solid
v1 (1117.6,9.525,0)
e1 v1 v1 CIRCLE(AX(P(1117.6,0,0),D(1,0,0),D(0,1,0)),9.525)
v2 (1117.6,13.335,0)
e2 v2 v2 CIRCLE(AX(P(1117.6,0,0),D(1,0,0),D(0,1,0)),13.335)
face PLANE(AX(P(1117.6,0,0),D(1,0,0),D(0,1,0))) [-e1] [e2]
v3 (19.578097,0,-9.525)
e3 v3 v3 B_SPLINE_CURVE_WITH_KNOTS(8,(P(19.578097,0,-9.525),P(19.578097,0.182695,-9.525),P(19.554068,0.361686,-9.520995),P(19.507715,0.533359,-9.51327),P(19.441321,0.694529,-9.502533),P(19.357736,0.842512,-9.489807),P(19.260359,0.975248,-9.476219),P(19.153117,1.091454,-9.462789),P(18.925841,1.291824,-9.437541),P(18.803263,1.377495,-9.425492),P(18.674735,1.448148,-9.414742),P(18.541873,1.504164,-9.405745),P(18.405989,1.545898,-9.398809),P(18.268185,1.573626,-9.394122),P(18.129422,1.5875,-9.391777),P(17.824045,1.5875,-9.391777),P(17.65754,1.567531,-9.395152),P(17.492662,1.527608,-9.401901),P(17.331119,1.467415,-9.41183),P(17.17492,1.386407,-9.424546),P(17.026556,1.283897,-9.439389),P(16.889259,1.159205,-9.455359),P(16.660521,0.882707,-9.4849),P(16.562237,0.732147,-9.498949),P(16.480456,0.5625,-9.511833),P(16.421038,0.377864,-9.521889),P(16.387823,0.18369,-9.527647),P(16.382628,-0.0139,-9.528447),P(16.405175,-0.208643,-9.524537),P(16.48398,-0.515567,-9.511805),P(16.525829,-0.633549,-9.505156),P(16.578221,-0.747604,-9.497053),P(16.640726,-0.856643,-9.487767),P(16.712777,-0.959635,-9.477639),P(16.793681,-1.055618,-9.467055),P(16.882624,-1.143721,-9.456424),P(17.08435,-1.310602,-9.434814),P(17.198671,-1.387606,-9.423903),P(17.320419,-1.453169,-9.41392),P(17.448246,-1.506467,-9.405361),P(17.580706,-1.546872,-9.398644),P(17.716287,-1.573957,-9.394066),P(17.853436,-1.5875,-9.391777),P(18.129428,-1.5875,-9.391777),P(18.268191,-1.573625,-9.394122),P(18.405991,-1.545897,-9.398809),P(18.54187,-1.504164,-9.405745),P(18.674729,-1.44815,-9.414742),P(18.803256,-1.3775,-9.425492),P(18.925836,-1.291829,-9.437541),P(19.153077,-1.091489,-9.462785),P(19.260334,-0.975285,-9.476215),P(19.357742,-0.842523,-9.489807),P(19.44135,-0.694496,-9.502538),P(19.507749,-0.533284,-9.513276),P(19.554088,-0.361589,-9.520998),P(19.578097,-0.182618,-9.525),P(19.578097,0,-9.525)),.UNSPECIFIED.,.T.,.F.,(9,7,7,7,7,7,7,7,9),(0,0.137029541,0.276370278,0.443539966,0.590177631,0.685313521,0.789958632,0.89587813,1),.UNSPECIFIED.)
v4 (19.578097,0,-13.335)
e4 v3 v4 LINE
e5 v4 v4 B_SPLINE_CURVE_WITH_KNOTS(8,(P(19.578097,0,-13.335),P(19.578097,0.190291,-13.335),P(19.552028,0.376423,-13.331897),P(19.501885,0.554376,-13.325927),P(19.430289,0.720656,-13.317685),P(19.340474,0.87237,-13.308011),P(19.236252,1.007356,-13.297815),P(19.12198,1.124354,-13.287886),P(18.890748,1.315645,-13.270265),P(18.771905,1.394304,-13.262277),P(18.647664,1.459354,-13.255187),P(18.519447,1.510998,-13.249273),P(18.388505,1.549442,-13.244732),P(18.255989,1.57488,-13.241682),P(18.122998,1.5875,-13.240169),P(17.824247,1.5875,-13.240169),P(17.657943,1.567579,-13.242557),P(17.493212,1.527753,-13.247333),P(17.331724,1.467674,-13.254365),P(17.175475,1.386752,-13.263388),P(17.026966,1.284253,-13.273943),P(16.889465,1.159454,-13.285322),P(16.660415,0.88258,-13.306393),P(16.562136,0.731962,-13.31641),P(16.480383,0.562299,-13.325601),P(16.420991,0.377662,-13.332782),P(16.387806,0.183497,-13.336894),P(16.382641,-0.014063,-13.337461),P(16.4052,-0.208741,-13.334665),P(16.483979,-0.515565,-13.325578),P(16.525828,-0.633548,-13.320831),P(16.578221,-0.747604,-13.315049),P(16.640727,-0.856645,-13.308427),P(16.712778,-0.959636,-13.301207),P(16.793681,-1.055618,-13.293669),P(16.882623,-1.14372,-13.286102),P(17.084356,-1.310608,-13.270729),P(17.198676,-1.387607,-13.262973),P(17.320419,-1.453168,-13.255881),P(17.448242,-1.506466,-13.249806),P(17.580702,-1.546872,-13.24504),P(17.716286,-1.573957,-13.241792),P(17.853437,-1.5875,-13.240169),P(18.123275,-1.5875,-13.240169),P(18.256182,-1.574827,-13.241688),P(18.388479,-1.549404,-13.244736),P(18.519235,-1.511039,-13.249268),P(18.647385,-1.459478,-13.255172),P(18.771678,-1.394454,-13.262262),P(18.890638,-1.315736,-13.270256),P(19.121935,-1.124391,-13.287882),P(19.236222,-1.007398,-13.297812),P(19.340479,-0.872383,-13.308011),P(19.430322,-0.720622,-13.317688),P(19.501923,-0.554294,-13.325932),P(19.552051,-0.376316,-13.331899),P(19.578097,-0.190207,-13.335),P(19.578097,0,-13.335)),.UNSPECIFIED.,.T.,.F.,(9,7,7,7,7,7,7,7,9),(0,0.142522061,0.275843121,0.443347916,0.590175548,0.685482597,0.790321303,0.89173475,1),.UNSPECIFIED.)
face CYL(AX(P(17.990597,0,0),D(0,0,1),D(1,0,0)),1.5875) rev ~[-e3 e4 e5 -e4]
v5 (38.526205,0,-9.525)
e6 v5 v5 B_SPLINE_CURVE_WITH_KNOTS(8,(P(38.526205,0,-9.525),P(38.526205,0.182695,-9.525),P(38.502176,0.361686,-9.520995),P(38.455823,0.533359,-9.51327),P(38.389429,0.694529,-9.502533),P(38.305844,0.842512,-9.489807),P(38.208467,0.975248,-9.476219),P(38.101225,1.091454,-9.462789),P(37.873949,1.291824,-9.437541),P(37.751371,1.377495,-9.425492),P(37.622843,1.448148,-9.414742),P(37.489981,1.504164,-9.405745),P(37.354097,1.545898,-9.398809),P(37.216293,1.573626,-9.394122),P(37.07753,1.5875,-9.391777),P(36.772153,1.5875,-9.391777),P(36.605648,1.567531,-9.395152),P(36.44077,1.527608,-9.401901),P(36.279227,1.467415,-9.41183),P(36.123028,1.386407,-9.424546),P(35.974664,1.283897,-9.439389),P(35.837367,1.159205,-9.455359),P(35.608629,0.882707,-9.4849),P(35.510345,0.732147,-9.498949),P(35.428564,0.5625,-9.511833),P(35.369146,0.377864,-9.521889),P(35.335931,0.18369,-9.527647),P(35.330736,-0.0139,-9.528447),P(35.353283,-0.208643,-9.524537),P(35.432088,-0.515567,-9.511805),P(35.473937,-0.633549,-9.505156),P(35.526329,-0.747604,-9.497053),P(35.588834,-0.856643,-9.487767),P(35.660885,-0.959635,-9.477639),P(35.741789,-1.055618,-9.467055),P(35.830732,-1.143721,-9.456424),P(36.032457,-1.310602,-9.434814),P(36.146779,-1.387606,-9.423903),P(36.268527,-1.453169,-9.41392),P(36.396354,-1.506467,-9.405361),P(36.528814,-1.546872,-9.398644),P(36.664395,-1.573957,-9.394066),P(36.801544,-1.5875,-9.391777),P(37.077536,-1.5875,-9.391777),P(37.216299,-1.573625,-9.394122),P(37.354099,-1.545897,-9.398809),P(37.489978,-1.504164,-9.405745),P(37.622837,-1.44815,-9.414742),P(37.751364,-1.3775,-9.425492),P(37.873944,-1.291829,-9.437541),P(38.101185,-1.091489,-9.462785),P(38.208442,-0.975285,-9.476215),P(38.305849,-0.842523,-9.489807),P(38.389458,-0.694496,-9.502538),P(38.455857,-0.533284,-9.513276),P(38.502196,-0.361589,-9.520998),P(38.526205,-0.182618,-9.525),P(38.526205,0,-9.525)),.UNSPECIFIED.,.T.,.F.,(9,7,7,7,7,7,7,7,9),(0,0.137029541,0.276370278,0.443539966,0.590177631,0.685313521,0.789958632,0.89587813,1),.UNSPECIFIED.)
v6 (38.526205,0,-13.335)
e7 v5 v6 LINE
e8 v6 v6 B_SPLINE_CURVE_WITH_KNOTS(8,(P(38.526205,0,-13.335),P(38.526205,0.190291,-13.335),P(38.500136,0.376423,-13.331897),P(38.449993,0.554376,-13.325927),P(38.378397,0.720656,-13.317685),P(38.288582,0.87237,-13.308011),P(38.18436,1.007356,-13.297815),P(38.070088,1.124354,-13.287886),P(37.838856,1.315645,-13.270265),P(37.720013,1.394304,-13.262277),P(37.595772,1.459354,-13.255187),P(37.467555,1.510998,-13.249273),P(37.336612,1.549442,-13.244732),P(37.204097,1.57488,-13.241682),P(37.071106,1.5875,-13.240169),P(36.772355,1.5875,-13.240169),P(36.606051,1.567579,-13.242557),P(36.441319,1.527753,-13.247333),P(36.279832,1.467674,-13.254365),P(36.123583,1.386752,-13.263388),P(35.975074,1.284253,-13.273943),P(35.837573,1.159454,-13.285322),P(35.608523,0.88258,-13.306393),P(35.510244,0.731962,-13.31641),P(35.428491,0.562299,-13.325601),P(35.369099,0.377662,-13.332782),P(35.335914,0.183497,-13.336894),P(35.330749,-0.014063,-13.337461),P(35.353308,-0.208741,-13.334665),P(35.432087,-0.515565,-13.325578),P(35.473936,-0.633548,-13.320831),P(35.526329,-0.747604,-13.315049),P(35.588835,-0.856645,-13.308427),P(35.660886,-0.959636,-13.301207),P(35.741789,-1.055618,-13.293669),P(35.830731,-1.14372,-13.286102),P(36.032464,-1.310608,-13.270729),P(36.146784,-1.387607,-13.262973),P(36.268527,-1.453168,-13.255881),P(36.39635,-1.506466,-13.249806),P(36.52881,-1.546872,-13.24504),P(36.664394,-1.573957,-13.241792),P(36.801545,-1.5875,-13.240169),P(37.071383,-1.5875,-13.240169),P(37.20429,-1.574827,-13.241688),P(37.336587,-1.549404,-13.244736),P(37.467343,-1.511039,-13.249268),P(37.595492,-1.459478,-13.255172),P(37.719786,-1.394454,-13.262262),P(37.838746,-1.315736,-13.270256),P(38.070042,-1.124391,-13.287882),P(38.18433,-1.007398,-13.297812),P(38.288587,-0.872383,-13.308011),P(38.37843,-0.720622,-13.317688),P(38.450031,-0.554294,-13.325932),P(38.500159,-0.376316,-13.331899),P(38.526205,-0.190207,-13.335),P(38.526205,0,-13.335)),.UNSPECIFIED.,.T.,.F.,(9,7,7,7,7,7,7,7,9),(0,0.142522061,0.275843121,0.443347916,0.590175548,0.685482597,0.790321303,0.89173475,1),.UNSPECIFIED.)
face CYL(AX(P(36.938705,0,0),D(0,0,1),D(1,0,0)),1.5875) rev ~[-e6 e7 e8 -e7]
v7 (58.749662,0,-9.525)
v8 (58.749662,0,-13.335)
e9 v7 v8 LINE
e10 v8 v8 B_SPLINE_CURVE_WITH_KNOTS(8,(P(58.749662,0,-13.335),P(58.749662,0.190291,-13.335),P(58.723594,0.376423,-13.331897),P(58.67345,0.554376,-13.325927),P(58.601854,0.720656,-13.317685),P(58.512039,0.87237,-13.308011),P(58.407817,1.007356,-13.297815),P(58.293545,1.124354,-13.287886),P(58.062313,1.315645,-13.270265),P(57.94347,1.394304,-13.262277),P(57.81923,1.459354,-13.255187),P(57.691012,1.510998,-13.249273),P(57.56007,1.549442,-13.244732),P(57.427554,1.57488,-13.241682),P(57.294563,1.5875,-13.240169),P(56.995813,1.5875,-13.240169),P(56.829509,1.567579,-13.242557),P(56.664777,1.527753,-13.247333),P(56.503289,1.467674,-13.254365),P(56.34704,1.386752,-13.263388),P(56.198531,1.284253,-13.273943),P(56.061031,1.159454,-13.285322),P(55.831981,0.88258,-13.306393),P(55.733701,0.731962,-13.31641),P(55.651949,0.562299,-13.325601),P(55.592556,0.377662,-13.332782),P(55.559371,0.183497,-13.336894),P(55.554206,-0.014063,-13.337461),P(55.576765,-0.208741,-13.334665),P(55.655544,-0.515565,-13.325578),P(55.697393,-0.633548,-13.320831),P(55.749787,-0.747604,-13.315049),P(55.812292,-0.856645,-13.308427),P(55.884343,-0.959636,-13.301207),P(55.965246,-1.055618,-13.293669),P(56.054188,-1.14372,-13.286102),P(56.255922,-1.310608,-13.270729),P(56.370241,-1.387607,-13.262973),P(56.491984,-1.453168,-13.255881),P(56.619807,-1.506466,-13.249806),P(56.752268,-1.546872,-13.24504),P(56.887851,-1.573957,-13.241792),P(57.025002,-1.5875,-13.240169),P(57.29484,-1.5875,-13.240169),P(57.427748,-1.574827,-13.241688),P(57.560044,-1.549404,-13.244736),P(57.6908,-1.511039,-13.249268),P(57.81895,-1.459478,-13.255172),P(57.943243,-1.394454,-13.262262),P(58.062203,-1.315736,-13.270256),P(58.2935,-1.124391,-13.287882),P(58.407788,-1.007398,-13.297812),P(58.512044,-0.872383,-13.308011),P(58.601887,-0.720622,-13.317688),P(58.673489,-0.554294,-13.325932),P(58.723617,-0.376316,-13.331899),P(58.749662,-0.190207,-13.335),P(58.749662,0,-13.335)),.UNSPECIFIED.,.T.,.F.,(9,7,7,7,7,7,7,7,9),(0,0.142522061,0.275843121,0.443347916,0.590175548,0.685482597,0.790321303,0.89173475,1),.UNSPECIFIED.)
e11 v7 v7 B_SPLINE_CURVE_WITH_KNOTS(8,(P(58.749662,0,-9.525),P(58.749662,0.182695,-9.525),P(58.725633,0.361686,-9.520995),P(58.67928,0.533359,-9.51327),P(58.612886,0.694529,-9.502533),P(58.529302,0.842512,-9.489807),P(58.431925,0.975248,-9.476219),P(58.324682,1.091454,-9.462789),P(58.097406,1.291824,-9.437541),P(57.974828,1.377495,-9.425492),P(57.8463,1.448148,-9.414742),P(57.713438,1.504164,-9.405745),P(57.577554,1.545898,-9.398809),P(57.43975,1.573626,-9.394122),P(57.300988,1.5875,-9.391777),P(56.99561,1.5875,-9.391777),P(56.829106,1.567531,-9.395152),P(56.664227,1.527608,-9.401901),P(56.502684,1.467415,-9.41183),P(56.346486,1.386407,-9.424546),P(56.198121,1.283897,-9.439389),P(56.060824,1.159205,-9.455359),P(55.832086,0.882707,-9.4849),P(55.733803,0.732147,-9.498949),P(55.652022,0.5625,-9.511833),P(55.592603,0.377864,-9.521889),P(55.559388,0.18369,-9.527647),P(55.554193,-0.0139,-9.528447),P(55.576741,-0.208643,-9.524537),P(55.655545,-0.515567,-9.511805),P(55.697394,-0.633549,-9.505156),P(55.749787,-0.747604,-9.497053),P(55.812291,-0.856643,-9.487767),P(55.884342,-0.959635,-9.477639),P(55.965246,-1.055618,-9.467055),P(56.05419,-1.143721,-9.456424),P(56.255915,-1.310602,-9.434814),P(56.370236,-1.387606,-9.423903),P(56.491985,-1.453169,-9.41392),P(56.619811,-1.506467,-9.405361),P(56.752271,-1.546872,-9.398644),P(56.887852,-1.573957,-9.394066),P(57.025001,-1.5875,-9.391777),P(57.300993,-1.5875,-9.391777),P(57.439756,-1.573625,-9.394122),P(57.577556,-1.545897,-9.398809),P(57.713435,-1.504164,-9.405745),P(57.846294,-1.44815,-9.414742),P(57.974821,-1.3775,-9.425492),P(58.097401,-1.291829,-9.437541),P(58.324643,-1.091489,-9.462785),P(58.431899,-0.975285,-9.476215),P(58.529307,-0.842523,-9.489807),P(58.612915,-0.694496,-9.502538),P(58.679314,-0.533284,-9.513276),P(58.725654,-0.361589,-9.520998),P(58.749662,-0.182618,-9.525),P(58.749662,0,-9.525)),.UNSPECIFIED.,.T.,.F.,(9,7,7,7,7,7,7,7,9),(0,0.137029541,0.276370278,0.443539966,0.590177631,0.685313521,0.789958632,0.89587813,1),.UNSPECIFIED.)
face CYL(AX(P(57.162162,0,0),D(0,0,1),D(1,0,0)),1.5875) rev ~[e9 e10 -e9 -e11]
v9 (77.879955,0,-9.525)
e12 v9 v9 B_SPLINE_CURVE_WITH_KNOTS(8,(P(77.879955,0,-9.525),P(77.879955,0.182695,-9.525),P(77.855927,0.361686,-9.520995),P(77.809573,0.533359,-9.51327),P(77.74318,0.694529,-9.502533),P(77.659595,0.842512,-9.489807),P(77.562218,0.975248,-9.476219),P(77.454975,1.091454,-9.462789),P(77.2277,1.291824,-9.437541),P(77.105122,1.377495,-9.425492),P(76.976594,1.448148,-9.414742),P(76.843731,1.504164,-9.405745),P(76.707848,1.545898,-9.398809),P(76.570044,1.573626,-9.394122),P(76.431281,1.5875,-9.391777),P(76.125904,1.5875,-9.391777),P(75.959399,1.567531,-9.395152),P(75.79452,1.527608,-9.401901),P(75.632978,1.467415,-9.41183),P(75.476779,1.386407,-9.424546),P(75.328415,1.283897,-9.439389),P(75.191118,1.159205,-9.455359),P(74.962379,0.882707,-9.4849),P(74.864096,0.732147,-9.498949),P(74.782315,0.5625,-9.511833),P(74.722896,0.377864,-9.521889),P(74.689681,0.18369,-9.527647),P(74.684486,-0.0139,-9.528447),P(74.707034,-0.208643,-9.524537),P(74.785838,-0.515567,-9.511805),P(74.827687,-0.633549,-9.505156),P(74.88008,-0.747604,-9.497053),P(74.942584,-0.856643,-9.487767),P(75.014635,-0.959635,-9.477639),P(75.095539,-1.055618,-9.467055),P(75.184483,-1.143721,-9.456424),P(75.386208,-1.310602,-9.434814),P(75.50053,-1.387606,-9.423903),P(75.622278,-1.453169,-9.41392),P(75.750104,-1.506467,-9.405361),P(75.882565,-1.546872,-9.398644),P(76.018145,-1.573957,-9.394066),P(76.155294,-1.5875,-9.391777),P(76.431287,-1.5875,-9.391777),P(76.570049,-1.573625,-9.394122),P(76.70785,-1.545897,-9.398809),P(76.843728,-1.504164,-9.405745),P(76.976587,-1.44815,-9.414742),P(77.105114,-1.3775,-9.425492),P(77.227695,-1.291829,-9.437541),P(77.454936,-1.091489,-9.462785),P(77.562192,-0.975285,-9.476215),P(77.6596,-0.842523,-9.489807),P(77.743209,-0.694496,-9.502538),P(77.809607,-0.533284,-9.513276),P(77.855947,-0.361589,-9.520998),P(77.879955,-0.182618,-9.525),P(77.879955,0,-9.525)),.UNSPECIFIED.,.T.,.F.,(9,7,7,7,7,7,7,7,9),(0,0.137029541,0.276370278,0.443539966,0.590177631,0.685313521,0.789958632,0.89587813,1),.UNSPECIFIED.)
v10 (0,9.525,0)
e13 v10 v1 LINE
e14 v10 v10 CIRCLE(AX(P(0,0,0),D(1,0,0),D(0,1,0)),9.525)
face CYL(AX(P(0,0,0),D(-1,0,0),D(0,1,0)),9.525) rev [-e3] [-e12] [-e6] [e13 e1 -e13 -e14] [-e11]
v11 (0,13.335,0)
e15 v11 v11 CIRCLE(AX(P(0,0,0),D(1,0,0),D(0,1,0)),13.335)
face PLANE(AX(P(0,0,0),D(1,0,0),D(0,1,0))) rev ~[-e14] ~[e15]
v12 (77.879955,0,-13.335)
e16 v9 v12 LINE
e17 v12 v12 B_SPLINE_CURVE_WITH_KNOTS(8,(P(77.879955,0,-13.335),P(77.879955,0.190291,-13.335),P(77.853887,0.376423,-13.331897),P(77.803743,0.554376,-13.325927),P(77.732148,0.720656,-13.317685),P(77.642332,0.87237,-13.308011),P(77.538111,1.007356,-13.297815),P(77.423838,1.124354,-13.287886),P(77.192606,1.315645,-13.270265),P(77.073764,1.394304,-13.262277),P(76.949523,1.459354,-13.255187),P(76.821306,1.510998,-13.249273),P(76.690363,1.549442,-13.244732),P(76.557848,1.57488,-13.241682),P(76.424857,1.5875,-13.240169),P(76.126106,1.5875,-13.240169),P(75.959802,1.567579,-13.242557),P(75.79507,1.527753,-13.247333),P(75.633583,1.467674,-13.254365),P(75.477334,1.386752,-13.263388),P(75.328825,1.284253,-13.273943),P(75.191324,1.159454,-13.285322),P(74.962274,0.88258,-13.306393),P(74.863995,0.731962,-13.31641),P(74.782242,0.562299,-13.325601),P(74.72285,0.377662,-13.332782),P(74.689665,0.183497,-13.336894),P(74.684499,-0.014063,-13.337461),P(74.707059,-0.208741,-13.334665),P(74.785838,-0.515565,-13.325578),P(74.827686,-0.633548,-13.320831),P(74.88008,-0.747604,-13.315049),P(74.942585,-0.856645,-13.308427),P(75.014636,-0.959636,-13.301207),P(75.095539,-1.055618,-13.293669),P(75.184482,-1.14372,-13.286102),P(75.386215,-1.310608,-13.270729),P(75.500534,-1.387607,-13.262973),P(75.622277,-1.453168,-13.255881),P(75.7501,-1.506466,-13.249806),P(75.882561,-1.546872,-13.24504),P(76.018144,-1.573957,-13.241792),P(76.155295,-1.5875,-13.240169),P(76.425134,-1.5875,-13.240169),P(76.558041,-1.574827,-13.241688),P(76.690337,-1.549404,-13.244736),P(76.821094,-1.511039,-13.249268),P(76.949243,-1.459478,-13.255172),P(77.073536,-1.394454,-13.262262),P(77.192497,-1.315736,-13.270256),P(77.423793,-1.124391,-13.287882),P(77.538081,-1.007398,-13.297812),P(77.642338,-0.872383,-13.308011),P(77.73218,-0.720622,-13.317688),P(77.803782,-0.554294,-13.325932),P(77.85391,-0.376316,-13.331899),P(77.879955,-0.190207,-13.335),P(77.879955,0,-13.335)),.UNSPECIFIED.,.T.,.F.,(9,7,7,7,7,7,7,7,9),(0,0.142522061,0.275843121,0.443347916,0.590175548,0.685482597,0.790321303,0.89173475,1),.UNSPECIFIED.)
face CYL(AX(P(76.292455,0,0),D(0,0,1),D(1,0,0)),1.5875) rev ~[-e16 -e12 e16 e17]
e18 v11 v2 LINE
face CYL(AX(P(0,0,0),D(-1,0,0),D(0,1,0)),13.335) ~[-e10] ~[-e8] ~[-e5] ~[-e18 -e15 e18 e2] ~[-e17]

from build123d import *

# Parameters (mm, degrees)
F0_R     = 13.335
F0_R_2   = 9.525
F1_DEPTH = 1117.6
F3_D     = 3.175
F3_DEPTH = 25.4
F3_TIP   = 0.9538662327
F4_D     = 3.175
F4_DEPTH = 25.4
F4_TIP   = 0.9538662327
F5_D     = 3.175
F5_DEPTH = 25.4
F5_TIP   = 0.9538662327
F6_D     = 3.175
F6_DEPTH = 25.4
F6_TIP   = 0.9538662327


with BuildPart() as f1:
    # F0 (on Right) → F1 (new body)
    with BuildSketch(Plane.YZ):
        Circle(F0_R)
        Circle(F0_R_2, mode=Mode.SUBTRACT)
    extrude(amount=F1_DEPTH)

    # F3 (one way)
    with BuildSketch(Plane.XY):
        with Locations((17.9905965924, 0)):
            Circle(F3_D / 2)
    extrude(amount=-F3_DEPTH, mode=Mode.SUBTRACT)
    with Locations(Plane.XY):
        with Locations((17.9905965924, 0)):
            with Locations((0, 0, -(F3_DEPTH + F3_TIP / 2))):  # 118° drill point
                Cone(0, F3_D / 2, F3_TIP, mode=Mode.SUBTRACT)

    # F4 (one way)
    with BuildSketch(Plane.XY):
        with Locations((36.9387045503, 0)):
            Circle(F4_D / 2)
    extrude(amount=-F4_DEPTH, mode=Mode.SUBTRACT)
    with Locations(Plane.XY):
        with Locations((36.9387045503, 0)):
            with Locations((0, 0, -(F4_DEPTH + F4_TIP / 2))):  # 118° drill point
                Cone(0, F4_D / 2, F4_TIP, mode=Mode.SUBTRACT)

    # F5 (one way)
    with BuildSketch(Plane.XY):
        with Locations((76.2924551964, 0)):
            Circle(F5_D / 2)
    extrude(amount=-F5_DEPTH, mode=Mode.SUBTRACT)
    with Locations(Plane.XY):
        with Locations((76.2924551964, 0)):
            with Locations((0, 0, -(F5_DEPTH + F5_TIP / 2))):  # 118° drill point
                Cone(0, F5_D / 2, F5_TIP, mode=Mode.SUBTRACT)

    # F6 (one way)
    with BuildSketch(Plane.XY):
        with Locations((57.1621619165, 0)):
            Circle(F6_D / 2)
    extrude(amount=-F6_DEPTH, mode=Mode.SUBTRACT)
    with Locations(Plane.XY):
        with Locations((57.1621619165, 0)):
            with Locations((0, 0, -(F6_DEPTH + F6_TIP / 2))):  # 118° drill point
                Cone(0, F6_D / 2, F6_TIP, mode=Mode.SUBTRACT)


solid = f1.part
